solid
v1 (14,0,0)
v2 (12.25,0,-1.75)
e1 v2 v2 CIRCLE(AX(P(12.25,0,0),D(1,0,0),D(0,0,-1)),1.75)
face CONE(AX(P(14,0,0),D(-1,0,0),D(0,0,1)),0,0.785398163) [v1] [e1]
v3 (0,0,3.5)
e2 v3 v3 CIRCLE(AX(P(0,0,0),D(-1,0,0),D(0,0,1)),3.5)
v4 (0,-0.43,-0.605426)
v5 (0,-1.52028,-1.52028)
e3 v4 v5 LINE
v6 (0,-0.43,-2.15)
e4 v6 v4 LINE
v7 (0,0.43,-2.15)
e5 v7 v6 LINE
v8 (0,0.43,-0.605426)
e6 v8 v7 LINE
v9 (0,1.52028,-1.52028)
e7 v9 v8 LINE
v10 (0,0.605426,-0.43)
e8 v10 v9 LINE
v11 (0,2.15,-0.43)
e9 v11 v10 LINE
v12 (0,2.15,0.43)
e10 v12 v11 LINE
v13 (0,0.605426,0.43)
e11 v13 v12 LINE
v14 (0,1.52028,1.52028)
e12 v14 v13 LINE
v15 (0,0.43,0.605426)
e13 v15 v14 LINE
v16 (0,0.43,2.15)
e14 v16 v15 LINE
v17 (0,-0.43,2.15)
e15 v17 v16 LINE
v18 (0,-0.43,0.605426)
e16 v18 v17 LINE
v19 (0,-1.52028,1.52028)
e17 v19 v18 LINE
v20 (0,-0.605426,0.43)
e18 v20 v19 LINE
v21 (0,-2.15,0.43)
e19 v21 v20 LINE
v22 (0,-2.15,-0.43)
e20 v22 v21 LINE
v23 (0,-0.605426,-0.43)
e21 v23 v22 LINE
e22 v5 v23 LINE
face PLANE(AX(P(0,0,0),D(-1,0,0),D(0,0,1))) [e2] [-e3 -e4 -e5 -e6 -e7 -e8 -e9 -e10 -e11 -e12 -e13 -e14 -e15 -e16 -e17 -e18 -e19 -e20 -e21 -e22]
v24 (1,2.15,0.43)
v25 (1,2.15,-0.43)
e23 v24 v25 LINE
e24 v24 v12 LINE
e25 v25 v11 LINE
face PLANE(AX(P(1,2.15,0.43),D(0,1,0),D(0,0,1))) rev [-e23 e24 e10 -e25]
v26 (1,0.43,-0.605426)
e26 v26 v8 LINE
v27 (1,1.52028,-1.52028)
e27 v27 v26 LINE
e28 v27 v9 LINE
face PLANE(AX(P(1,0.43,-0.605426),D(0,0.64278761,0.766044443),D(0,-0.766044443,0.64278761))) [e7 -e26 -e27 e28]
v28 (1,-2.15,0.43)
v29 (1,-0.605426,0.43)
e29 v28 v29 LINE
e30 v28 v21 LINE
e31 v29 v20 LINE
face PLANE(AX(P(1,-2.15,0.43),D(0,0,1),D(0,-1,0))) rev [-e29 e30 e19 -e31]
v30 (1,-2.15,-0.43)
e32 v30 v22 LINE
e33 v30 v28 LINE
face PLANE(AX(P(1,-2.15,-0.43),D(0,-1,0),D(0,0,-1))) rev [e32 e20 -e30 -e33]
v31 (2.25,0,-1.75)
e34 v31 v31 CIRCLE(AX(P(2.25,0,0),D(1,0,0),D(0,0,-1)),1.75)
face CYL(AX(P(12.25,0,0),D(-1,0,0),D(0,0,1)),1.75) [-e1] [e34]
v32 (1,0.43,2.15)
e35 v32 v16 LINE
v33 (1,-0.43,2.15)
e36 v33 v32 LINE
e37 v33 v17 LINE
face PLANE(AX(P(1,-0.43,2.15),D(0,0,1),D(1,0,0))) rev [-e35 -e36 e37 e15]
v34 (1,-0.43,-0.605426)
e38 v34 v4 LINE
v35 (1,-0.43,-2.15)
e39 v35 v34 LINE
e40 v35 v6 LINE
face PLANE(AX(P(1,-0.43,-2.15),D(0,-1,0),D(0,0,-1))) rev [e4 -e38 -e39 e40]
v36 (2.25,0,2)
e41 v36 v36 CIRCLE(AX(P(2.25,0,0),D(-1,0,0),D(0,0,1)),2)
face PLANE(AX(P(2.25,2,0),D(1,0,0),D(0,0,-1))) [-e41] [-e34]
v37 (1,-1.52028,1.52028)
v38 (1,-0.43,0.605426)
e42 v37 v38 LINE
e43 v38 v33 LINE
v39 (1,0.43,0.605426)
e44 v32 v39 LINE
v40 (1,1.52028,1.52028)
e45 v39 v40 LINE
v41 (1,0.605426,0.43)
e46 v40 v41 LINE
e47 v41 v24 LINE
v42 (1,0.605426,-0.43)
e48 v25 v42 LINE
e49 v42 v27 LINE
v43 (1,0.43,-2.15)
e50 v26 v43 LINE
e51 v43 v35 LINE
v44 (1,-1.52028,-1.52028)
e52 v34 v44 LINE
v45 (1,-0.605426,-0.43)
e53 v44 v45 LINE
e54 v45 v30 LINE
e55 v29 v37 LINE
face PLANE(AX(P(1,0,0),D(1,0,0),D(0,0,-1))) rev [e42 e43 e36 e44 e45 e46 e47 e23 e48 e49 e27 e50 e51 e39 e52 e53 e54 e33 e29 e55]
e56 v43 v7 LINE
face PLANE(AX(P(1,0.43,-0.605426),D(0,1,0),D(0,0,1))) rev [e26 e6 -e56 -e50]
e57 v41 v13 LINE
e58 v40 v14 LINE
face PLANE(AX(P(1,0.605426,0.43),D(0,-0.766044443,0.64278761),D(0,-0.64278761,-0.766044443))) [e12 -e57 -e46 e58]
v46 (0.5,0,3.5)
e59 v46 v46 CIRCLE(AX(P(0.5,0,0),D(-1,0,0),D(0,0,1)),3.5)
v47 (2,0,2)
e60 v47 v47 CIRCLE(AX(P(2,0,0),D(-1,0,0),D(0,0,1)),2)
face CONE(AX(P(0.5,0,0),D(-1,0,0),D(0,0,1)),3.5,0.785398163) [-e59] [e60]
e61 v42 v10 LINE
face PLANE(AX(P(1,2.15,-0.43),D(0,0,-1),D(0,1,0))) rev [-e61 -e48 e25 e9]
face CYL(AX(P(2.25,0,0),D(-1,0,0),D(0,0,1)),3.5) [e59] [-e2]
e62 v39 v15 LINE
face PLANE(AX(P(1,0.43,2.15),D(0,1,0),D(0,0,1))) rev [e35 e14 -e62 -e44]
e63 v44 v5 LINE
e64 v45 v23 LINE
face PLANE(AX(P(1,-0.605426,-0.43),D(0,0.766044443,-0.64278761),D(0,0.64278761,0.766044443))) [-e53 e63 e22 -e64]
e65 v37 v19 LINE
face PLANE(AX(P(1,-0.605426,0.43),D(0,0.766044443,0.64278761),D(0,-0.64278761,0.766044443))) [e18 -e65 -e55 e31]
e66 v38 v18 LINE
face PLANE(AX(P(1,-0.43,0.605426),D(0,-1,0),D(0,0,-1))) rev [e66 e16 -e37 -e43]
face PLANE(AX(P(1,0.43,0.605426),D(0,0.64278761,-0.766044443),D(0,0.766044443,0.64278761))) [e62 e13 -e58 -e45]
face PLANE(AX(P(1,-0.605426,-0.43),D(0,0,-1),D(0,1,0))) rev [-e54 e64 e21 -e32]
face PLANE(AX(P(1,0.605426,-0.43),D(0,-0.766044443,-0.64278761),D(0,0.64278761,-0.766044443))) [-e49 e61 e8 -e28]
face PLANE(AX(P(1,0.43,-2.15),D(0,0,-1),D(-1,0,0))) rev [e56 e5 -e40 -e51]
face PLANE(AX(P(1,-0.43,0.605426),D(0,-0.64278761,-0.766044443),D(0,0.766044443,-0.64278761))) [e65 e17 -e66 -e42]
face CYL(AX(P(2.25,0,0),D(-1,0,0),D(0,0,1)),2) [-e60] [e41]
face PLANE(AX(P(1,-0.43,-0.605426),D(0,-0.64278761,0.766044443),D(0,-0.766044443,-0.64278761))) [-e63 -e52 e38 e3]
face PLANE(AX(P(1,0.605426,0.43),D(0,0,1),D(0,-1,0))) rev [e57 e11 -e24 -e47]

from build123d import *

# Parameters (mm, degrees)
SKETCH2_R           = 1.75
BOSS_EXTRUDE1_DEPTH = 10
CUT_EXTRUDE1_DEPTH  = 1
DRAFT1_ANGLE        = -40
DRAFT2_ANGLE        = -40
DRAFT3_ANGLE        = -40
DRAFT4_ANGLE        = -40
DRAFT5_ANGLE        = -40
DRAFT6_ANGLE        = -40
DRAFT7_ANGLE        = -40
DRAFT8_ANGLE        = -40


with BuildPart() as part:
    # Sketch1 → Revolve1 (revolve)
    with BuildSketch(Plane(origin=(0, 0, 0), x_dir=(-1, 0, 0), z_dir=(0, 0, -1)), mode=Mode.PRIVATE) as revolve1_sk:
        Polygon((-2.25, 2), (-2.25, 0), (0, 0), (0, 3.5), (-0.5, 3.5), (-2, 2), align=None)
    revolve(revolve1_sk.sketch.rotate(Axis((2.25, 0, 0), (-1, 0, 0)), 270), axis=Axis((2.25, 0, 0), (-1, 0, 0)))

    # Sketch2 → Boss-Extrude1 (add)
    with BuildSketch(Plane(origin=(2.25, 0, 0), x_dir=(0, 0, -1), z_dir=(1, 0, 0))):
        Circle(SKETCH2_R)
    extrude(amount=BOSS_EXTRUDE1_DEPTH)

    # Sketch3 → Revolve2 (revolve)
    with BuildSketch(Plane.XY, mode=Mode.PRIVATE) as revolve2_sk:
        Polygon((12.25, 1.75), (12.25, 0), (14, 0), align=None)
    revolve(revolve2_sk.sketch.rotate(Axis((14.949975, 0, 0), (1, 0, 0)), 90), axis=Axis((14.949975, 0, 0), (1, 0, 0)))

    # Sketch4 → Cut-Extrude1 (cut)
    with BuildSketch(Plane.ZY):
        Polygon((-0.605426386, -0.43), (-0.605426386, -0.605426386), (-0.43, -0.605426386), (-0.43, -2.15), (0.43, -2.15), (0.43, -0.605426386), (0.605426386, -0.605426386), (0.605426386, -0.43), (2.15, -0.43), (2.15, 0.43), (0.605426386, 0.43), (0.605426386, 0.605426386), (0.43, 0.605426386), (0.43, 2.15), (-0.43, 2.15), (-0.43, 0.605426386), (-0.605426386, 0.605426386), (-0.605426386, 0.43), (-2.15, 0.43), (-2.15, -0.43), align=None)
    extrude(amount=-CUT_EXTRUDE1_DEPTH, mode=Mode.SUBTRACT)

    # Draft1
    draft1_faces = [part.faces().sort_by_distance(p)[0] for p in [
        (0.5, -0.605426386, -0.517713193),
    ]]
    draft(draft1_faces, Plane(origin=(1, -0.605426386, -0.43), x_dir=(0, 1, 0), z_dir=(0, 0, 1)), DRAFT1_ANGLE)

    # Draft2
    draft2_faces = [part.faces().sort_by_distance(p)[0] for p in [
        (0.5, -0.605426386, 0.517713193),
    ]]
    draft(draft2_faces, Plane(origin=(1, -2.15, 0.43), x_dir=(0, -1, 0), z_dir=(0, 0, -1)), DRAFT2_ANGLE)

    # Draft3
    draft3_faces = [part.faces().sort_by_distance(p)[0] for p in [
        (0.5, -0.591313301, 0.605426386),
    ]]
    draft(draft3_faces, Plane(origin=(1, -0.43, 0.605426386), x_dir=(0, 0, 1), z_dir=(0, 1, 0)), DRAFT3_ANGLE)

    # Draft4
    draft4_faces = [part.faces().sort_by_distance(p)[0] for p in [
        (0.5, 0.517713193, 0.605426386),
    ]]
    draft(draft4_faces, Plane(origin=(1, 0.43, 2.15), x_dir=(0, 0, -1), z_dir=(0, -1, 0)), DRAFT4_ANGLE)

    # Draft5
    draft5_faces = [part.faces().sort_by_distance(p)[0] for p in [
        (0.5, 0.605426386, 0.591313301),
    ]]
    draft(draft5_faces, Plane(origin=(1, 0.605426386, 0.43), x_dir=(0, -1, 0), z_dir=(0, 0, -1)), DRAFT5_ANGLE)

    # Draft6
    draft6_faces = [part.faces().sort_by_distance(p)[0] for p in [
        (0.5, 0.605426386, -0.517713193),
    ]]
    draft(draft6_faces, Plane(origin=(1, 2.15, -0.43), x_dir=(0, 1, 0), z_dir=(0, 0, 1)), DRAFT6_ANGLE)

    # Draft7
    draft7_faces = [part.faces().sort_by_distance(p)[0] for p in [
        (0.5, 0.591313301, -0.605426386),
    ]]
    draft(draft7_faces, Plane(origin=(1, 0.43, -0.605426386), x_dir=(0, 0, -1), z_dir=(0, -1, 0)), DRAFT7_ANGLE)

    # Draft8
    draft8_faces = [part.faces().sort_by_distance(p)[0] for p in [
        (0.5, -0.591313301, -0.605426386),
    ]]
    draft(draft8_faces, Plane(origin=(1, -0.43, -2.15), x_dir=(0, 0, 1), z_dir=(0, 1, 0)), DRAFT8_ANGLE)


solid = part.part
